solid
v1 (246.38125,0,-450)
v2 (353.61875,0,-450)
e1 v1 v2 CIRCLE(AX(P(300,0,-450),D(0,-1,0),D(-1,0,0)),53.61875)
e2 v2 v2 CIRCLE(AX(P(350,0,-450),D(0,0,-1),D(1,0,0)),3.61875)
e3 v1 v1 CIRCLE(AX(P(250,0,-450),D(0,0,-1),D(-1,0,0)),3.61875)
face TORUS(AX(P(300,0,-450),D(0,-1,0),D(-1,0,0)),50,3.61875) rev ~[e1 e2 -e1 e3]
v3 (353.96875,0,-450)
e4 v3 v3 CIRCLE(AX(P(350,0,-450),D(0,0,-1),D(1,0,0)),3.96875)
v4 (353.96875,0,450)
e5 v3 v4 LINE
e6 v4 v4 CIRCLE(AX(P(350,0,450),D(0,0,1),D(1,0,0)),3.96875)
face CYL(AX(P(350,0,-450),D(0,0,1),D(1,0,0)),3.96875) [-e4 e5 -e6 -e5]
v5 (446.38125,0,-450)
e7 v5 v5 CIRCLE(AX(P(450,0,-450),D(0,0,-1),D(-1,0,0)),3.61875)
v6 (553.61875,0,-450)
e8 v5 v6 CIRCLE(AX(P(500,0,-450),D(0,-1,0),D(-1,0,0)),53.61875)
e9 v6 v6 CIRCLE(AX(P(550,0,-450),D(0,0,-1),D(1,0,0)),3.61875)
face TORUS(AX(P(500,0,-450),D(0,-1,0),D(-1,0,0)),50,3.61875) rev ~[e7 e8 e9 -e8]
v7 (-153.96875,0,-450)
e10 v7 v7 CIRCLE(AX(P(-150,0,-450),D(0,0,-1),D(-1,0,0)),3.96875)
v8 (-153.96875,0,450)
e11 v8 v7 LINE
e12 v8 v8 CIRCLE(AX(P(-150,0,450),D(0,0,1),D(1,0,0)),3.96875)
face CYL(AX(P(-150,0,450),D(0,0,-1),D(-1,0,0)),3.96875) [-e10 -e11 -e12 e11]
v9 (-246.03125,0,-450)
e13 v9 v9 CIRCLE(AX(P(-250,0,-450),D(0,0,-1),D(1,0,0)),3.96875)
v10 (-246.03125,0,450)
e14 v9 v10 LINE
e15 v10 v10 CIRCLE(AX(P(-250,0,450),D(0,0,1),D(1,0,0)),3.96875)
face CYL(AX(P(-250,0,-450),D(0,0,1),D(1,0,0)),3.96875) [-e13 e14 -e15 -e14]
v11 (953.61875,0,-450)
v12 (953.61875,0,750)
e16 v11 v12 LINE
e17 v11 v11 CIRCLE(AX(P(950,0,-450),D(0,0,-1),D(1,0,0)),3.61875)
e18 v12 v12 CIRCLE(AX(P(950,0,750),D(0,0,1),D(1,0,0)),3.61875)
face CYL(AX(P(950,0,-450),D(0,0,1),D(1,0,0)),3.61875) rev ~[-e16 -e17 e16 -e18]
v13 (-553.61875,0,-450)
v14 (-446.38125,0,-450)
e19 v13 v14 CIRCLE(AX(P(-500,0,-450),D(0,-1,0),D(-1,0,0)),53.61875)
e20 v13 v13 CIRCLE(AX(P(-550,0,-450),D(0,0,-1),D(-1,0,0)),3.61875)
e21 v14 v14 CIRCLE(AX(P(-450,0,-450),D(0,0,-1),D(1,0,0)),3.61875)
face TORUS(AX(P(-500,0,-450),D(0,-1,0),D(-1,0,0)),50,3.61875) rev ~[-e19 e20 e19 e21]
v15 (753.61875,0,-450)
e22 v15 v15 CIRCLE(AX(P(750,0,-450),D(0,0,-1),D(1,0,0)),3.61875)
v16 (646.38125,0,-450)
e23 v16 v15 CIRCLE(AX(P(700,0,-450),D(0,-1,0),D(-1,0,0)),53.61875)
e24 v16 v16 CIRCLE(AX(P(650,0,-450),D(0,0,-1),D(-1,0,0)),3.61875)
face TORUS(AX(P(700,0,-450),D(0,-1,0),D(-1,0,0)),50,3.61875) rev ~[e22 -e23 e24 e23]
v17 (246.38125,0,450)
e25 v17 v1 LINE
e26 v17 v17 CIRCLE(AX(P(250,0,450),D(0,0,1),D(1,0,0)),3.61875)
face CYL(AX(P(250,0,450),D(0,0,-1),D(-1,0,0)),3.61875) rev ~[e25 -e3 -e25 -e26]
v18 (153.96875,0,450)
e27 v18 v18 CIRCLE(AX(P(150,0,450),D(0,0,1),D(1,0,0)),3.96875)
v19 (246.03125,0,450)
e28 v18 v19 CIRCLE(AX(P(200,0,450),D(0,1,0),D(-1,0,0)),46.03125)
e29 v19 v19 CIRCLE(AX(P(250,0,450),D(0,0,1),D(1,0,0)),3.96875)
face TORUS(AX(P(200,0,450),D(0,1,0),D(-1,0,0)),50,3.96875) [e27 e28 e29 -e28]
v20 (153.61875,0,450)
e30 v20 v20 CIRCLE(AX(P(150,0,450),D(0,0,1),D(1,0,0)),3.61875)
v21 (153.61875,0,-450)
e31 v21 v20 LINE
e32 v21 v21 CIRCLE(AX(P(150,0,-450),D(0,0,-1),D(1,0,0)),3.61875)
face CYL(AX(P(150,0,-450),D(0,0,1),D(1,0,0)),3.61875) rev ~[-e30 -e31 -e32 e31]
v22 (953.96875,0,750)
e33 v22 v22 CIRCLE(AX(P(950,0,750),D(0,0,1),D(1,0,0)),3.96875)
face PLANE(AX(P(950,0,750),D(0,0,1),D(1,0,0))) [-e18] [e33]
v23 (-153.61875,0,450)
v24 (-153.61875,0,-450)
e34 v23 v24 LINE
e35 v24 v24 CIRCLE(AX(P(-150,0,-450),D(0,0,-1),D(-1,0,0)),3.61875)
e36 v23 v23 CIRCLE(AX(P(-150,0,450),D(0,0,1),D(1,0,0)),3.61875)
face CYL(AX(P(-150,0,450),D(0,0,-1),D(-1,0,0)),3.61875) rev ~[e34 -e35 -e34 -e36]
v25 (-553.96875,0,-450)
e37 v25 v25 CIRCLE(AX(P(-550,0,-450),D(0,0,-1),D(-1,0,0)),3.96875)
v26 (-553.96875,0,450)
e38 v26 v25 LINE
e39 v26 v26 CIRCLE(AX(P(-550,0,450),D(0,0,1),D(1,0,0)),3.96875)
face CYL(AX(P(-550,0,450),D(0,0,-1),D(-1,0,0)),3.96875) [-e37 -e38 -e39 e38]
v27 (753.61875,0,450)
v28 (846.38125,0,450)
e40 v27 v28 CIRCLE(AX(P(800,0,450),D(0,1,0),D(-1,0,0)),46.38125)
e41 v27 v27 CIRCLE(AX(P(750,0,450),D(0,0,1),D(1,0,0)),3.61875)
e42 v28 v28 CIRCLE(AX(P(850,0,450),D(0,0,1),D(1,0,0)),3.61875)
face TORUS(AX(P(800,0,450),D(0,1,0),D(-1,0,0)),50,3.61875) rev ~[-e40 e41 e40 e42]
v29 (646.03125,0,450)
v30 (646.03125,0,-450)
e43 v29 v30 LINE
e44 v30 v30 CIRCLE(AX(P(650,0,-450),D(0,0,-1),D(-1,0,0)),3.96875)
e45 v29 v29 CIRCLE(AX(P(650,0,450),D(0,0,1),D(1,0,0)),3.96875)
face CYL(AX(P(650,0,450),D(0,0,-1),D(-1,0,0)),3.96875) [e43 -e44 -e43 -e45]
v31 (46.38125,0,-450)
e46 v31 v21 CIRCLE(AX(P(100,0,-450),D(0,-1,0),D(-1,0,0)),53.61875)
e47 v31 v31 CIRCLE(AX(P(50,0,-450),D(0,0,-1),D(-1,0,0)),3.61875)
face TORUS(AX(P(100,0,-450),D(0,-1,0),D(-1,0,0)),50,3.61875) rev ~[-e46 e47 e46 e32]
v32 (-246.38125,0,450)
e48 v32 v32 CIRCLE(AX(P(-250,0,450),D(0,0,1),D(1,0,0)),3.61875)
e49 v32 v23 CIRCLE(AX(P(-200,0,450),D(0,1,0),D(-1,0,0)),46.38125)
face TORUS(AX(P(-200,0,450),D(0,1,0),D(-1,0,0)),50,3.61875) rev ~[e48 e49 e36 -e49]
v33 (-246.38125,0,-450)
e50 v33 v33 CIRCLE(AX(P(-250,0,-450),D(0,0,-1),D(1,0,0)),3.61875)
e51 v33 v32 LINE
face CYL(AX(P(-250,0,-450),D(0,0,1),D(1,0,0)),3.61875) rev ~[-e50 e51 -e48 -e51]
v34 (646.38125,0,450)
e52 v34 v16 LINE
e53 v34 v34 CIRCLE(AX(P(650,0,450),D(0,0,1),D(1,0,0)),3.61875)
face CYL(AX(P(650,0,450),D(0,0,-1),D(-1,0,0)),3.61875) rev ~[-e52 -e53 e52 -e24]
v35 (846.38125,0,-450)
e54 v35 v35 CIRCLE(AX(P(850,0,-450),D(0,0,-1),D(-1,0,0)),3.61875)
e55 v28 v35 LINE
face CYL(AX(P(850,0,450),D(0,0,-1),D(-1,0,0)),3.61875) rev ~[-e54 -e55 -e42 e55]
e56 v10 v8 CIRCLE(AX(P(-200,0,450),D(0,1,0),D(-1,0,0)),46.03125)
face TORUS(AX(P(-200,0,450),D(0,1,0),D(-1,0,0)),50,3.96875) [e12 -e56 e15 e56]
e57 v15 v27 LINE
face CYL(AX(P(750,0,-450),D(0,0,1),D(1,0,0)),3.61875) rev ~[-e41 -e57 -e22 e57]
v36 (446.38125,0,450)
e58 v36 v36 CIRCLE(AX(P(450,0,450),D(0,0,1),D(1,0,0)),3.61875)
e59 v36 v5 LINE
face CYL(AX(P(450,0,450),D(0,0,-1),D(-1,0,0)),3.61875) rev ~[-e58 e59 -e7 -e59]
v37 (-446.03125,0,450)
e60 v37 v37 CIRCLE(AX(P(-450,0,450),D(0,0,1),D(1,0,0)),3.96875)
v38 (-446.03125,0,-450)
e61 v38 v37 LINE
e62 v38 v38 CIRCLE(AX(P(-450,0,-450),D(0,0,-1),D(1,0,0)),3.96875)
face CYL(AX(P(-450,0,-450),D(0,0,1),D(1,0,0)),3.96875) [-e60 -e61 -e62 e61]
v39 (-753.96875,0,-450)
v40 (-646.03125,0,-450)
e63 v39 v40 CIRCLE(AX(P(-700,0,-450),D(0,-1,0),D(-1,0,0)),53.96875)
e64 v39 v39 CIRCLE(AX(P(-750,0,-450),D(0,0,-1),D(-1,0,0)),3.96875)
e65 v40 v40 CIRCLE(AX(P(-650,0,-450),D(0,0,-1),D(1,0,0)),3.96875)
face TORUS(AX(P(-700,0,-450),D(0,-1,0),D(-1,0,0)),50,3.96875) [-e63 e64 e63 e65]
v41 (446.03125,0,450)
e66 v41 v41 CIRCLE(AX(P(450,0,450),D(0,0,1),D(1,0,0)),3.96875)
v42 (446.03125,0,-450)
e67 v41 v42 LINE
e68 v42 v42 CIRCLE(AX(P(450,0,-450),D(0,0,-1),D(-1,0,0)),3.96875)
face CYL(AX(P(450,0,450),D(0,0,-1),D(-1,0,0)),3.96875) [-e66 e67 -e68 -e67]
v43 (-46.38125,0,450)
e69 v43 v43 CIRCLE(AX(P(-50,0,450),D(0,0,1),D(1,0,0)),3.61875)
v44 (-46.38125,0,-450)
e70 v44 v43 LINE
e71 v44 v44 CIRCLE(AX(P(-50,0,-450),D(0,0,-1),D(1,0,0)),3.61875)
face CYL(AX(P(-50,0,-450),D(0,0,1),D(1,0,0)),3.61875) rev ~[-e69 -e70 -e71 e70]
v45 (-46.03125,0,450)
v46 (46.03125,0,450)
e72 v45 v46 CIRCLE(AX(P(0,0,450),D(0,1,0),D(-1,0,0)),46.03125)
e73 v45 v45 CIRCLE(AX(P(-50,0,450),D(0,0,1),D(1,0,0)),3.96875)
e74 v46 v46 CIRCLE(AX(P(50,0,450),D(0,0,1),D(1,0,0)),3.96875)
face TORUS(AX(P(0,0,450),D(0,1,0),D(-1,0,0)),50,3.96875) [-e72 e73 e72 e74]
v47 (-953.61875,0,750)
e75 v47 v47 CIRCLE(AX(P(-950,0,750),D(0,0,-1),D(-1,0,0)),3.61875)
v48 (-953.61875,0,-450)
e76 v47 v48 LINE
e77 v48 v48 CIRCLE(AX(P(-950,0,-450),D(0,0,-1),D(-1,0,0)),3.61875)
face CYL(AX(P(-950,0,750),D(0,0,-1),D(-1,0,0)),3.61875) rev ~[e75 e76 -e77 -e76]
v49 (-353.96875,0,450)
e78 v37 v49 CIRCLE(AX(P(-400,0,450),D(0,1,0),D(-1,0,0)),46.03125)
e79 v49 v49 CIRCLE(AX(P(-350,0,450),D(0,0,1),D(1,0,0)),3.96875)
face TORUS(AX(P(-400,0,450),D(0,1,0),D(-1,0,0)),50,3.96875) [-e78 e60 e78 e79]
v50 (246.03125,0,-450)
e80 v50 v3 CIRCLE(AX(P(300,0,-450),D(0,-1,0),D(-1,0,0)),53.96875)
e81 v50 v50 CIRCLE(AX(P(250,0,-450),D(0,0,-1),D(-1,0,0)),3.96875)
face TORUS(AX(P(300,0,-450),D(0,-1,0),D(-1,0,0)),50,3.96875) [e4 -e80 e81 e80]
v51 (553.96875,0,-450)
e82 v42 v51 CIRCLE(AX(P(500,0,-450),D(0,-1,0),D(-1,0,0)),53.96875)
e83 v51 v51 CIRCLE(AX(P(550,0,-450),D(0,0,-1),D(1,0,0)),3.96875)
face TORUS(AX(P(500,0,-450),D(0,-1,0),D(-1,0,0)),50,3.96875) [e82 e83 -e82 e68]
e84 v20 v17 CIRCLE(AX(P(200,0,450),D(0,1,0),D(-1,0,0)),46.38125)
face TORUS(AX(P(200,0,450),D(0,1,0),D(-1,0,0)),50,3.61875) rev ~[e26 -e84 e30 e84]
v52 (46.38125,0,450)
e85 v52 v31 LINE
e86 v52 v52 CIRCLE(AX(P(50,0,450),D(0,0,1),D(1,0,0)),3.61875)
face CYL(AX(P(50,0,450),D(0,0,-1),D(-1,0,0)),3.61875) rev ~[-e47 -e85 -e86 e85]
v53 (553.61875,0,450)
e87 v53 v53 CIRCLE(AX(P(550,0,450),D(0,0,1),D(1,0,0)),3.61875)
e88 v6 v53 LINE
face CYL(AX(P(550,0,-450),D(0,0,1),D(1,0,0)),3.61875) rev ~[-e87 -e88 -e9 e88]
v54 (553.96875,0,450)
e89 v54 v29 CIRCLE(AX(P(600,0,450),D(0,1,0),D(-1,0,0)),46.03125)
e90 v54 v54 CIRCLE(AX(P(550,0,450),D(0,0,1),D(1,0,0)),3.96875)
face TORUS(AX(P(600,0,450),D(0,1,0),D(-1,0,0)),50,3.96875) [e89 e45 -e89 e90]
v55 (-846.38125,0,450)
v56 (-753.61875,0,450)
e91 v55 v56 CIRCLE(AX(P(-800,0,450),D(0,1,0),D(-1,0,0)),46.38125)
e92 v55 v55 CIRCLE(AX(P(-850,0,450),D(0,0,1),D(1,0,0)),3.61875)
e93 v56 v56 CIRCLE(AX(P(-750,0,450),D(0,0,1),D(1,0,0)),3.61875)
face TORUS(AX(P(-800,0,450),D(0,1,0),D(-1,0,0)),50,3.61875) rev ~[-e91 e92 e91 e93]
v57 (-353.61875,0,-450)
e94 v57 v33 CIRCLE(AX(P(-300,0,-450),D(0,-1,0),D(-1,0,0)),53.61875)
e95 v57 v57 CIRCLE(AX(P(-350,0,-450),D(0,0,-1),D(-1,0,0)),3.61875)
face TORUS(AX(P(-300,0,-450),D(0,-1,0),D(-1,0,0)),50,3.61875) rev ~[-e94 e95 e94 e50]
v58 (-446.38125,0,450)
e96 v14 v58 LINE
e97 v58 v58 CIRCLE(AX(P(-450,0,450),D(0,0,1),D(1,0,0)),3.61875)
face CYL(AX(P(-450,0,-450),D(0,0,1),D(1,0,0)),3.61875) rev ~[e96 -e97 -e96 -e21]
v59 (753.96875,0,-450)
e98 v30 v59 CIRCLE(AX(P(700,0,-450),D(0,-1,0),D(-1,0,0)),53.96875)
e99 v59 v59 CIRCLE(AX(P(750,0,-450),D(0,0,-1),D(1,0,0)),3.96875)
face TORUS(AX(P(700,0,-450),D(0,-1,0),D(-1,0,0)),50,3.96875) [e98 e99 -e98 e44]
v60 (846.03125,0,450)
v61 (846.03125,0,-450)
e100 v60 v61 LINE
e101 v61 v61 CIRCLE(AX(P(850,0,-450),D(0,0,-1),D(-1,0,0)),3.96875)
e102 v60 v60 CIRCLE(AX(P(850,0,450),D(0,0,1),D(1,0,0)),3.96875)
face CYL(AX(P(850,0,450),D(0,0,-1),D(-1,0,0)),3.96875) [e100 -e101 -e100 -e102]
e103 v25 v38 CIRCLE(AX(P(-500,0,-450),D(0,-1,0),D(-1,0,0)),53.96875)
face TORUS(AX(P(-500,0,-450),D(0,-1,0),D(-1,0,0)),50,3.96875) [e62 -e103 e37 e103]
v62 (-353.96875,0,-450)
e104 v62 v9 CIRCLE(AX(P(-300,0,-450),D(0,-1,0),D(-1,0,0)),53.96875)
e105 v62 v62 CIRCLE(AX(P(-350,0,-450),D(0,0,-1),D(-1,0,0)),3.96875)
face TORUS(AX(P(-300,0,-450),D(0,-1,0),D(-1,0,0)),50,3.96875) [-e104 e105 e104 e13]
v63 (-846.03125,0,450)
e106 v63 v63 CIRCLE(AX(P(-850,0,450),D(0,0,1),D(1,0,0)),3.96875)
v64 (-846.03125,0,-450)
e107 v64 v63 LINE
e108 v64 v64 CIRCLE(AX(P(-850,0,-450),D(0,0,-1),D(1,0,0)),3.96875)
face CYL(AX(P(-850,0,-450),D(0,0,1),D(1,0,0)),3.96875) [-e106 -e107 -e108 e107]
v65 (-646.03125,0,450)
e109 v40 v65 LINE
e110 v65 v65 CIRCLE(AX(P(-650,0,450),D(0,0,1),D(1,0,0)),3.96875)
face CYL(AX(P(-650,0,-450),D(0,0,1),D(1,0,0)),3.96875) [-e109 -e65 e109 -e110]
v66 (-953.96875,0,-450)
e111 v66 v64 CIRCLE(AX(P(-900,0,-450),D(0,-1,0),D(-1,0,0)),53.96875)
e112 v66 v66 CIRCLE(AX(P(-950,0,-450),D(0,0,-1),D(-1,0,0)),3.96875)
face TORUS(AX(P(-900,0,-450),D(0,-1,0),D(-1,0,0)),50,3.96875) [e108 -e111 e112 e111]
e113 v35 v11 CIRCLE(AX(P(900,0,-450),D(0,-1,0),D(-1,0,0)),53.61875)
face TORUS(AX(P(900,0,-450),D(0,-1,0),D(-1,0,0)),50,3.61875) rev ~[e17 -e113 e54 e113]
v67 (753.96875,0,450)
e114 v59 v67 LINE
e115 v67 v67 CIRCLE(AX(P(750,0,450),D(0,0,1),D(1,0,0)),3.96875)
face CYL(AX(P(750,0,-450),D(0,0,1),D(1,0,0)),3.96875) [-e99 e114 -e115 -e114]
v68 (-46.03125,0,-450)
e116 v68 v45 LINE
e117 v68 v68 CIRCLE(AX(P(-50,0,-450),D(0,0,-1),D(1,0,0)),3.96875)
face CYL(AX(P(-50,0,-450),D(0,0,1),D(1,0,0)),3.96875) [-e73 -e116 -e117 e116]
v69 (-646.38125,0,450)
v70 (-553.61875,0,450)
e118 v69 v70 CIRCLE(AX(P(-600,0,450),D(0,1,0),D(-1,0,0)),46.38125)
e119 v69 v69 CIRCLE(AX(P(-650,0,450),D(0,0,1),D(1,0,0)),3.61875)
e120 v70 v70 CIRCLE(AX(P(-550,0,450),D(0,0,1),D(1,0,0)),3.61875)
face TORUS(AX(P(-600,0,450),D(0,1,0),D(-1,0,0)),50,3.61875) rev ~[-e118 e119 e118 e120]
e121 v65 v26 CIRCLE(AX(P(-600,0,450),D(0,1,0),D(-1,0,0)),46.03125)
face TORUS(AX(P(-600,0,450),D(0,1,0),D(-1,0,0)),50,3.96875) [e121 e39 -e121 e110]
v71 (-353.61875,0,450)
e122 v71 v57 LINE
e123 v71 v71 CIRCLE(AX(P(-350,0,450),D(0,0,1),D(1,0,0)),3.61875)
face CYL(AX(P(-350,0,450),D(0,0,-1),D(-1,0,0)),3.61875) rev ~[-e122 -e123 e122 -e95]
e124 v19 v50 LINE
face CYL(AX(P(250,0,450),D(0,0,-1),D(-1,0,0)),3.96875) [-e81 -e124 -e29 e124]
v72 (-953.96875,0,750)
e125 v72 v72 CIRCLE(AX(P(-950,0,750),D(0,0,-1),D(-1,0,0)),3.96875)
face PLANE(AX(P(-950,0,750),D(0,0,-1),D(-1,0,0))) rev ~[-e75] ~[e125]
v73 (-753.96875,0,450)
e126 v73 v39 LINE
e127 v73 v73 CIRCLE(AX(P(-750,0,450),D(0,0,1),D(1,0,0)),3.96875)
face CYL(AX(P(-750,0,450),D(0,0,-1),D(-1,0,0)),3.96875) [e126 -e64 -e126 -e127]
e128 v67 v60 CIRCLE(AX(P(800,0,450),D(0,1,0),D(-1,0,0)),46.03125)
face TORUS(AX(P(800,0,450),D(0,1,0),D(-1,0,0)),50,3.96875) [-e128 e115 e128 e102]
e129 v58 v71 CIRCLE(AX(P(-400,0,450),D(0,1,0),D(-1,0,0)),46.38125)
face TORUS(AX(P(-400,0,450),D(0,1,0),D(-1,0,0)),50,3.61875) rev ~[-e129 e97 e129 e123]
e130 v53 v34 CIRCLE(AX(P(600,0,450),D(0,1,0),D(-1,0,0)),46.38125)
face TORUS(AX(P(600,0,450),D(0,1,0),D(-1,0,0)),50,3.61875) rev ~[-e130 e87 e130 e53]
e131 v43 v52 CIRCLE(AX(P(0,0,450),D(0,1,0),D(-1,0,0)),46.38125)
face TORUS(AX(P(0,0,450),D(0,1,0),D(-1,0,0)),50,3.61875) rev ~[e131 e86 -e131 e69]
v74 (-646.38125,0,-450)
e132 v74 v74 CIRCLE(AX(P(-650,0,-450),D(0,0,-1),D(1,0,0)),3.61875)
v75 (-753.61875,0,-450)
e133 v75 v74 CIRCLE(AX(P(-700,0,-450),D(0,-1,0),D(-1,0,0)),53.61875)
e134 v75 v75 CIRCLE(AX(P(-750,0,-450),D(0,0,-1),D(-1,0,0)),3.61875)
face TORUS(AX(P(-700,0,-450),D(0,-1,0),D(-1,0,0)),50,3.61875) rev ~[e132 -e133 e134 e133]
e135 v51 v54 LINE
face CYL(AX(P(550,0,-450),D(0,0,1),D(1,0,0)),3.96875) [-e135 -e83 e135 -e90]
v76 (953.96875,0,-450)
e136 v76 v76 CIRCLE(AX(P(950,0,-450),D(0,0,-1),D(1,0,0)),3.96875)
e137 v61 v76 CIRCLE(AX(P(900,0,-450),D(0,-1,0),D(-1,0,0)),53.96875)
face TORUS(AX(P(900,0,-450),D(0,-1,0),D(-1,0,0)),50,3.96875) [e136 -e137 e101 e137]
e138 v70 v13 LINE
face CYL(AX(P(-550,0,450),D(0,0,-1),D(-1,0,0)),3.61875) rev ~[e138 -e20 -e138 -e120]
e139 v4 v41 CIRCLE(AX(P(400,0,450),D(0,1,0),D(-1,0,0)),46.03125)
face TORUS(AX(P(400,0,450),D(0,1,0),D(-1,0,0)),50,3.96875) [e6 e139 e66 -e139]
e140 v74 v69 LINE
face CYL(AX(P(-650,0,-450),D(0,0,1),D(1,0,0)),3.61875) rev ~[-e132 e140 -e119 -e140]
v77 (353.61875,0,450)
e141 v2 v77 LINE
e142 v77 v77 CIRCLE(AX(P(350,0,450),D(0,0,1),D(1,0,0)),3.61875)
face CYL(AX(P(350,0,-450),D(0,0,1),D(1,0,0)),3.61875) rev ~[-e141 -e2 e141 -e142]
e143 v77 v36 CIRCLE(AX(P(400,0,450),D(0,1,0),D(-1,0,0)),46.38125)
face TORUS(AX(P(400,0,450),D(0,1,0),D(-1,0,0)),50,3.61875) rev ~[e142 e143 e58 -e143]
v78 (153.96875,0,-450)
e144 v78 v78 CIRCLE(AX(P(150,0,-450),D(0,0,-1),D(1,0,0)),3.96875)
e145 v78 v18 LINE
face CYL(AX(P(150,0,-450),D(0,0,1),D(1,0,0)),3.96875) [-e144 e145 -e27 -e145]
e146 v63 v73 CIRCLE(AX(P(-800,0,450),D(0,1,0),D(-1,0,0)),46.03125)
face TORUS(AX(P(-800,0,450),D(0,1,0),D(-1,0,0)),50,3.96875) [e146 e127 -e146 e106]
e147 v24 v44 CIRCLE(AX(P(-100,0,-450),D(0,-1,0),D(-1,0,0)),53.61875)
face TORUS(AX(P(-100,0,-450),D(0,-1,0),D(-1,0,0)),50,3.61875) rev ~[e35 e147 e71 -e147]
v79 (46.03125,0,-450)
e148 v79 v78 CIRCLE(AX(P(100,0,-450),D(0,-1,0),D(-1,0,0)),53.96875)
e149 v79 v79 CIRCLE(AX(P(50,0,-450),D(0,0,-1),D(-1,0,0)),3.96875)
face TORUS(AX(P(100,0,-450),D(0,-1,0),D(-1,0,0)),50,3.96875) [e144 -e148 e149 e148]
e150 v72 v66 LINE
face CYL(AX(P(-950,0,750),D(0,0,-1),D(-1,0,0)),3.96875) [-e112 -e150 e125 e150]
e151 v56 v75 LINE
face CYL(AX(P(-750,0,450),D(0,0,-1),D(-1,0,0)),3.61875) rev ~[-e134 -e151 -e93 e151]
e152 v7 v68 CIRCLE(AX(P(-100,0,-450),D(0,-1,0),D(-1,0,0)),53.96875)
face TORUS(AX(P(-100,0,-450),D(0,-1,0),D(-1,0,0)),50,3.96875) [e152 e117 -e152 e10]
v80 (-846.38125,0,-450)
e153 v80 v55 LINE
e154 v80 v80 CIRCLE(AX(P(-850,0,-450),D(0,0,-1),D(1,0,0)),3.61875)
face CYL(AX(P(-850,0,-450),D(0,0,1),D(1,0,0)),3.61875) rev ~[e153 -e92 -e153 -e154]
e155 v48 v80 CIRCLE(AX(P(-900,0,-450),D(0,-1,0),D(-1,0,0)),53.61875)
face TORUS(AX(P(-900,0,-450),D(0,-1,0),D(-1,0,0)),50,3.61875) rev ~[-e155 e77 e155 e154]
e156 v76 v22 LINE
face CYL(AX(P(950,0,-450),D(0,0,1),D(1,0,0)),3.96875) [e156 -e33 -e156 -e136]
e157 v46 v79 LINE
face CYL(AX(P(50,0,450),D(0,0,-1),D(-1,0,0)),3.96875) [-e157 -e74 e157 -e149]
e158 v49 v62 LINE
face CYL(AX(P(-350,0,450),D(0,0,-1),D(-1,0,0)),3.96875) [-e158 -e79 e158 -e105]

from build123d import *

# Parameters (mm, degrees)
SWEEP_THIN1_PROFILE_R   = 3.96875
SWEEP_THIN1_PROFILE_R_2 = 3.61875


with BuildPart() as part:
    # Sweep-Thin1: sweep along a path in Sketch4
    with BuildLine(Plane(origin=(0, 0, 0), x_dir=(1, 0, 0), z_dir=(0, 1, 0))) as sweep_thin1_path:
        Line((-950, -750), (-950, -450))
        Line((-950, -450), (-950, 450))
        ThreePointArc((-950, 450), (-900, 500), (-850, 450))
        Line((-850, 450), (-850, -450))
        ThreePointArc((-850, -450), (-800, -500), (-750, -450))
        Line((-750, -450), (-750, 450))
        ThreePointArc((-750, 450), (-700, 500), (-650, 450))
        Line((-650, 450), (-650, -450))
        ThreePointArc((-650, -450), (-600, -500), (-550, -450))
        Line((-550, -450), (-550, 450))
        ThreePointArc((-550, 450), (-500, 500), (-450, 450))
        Line((-450, 450), (-450, -450))
        ThreePointArc((-450, -450), (-400, -500), (-350, -450))
        Line((-350, -450), (-350, 450))
        ThreePointArc((-350, 450), (-300, 500), (-250, 450))
        Line((-250, 450), (-250, -450))
        ThreePointArc((-250, -450), (-200, -500), (-150, -450))
        Line((-150, -450), (-150, 450))
        ThreePointArc((-150, 450), (-100, 500), (-50, 450))
        Line((-50, 450), (-50, -450))
        ThreePointArc((-50, -450), (0, -500), (50, -450))
        Line((50, -450), (50, 450))
        ThreePointArc((50, 450), (100, 500), (150, 450))
        Line((150, 450), (150, -450))
        ThreePointArc((150, -450), (200, -500), (250, -450))
        Line((250, -450), (250, 450))
        ThreePointArc((250, 450), (300, 500), (350, 450))
        Line((350, 450), (350, -450))
        ThreePointArc((350, -450), (400, -500), (450, -450))
        Line((450, -450), (450, 450))
        ThreePointArc((450, 450), (500, 500), (550, 450))
        Line((550, 450), (550, -450))
        ThreePointArc((550, -450), (600, -500), (650, -450))
        Line((650, -450), (650, 450))
        ThreePointArc((650, 450), (700, 500), (750, 450))
        Line((750, 450), (750, -450))
        ThreePointArc((750, -450), (800, -500), (850, -450))
        Line((850, -450), (850, 450))
        ThreePointArc((850, 450), (900, 500), (950, 450))
        Line((950, 450), (950, -450))
        Line((950, -450), (950, -750))
    # Sweep-Thin1 profile (on start of the path) → Sweep-Thin1 (sweep)
    with BuildSketch(Plane(origin=(-950, 0, 750), x_dir=(-1, 0, 0), z_dir=(0, 0, -1))):
        Circle(SWEEP_THIN1_PROFILE_R)
        Circle(SWEEP_THIN1_PROFILE_R_2, mode=Mode.SUBTRACT)
    sweep(path=sweep_thin1_path.line)


solid = part.part
